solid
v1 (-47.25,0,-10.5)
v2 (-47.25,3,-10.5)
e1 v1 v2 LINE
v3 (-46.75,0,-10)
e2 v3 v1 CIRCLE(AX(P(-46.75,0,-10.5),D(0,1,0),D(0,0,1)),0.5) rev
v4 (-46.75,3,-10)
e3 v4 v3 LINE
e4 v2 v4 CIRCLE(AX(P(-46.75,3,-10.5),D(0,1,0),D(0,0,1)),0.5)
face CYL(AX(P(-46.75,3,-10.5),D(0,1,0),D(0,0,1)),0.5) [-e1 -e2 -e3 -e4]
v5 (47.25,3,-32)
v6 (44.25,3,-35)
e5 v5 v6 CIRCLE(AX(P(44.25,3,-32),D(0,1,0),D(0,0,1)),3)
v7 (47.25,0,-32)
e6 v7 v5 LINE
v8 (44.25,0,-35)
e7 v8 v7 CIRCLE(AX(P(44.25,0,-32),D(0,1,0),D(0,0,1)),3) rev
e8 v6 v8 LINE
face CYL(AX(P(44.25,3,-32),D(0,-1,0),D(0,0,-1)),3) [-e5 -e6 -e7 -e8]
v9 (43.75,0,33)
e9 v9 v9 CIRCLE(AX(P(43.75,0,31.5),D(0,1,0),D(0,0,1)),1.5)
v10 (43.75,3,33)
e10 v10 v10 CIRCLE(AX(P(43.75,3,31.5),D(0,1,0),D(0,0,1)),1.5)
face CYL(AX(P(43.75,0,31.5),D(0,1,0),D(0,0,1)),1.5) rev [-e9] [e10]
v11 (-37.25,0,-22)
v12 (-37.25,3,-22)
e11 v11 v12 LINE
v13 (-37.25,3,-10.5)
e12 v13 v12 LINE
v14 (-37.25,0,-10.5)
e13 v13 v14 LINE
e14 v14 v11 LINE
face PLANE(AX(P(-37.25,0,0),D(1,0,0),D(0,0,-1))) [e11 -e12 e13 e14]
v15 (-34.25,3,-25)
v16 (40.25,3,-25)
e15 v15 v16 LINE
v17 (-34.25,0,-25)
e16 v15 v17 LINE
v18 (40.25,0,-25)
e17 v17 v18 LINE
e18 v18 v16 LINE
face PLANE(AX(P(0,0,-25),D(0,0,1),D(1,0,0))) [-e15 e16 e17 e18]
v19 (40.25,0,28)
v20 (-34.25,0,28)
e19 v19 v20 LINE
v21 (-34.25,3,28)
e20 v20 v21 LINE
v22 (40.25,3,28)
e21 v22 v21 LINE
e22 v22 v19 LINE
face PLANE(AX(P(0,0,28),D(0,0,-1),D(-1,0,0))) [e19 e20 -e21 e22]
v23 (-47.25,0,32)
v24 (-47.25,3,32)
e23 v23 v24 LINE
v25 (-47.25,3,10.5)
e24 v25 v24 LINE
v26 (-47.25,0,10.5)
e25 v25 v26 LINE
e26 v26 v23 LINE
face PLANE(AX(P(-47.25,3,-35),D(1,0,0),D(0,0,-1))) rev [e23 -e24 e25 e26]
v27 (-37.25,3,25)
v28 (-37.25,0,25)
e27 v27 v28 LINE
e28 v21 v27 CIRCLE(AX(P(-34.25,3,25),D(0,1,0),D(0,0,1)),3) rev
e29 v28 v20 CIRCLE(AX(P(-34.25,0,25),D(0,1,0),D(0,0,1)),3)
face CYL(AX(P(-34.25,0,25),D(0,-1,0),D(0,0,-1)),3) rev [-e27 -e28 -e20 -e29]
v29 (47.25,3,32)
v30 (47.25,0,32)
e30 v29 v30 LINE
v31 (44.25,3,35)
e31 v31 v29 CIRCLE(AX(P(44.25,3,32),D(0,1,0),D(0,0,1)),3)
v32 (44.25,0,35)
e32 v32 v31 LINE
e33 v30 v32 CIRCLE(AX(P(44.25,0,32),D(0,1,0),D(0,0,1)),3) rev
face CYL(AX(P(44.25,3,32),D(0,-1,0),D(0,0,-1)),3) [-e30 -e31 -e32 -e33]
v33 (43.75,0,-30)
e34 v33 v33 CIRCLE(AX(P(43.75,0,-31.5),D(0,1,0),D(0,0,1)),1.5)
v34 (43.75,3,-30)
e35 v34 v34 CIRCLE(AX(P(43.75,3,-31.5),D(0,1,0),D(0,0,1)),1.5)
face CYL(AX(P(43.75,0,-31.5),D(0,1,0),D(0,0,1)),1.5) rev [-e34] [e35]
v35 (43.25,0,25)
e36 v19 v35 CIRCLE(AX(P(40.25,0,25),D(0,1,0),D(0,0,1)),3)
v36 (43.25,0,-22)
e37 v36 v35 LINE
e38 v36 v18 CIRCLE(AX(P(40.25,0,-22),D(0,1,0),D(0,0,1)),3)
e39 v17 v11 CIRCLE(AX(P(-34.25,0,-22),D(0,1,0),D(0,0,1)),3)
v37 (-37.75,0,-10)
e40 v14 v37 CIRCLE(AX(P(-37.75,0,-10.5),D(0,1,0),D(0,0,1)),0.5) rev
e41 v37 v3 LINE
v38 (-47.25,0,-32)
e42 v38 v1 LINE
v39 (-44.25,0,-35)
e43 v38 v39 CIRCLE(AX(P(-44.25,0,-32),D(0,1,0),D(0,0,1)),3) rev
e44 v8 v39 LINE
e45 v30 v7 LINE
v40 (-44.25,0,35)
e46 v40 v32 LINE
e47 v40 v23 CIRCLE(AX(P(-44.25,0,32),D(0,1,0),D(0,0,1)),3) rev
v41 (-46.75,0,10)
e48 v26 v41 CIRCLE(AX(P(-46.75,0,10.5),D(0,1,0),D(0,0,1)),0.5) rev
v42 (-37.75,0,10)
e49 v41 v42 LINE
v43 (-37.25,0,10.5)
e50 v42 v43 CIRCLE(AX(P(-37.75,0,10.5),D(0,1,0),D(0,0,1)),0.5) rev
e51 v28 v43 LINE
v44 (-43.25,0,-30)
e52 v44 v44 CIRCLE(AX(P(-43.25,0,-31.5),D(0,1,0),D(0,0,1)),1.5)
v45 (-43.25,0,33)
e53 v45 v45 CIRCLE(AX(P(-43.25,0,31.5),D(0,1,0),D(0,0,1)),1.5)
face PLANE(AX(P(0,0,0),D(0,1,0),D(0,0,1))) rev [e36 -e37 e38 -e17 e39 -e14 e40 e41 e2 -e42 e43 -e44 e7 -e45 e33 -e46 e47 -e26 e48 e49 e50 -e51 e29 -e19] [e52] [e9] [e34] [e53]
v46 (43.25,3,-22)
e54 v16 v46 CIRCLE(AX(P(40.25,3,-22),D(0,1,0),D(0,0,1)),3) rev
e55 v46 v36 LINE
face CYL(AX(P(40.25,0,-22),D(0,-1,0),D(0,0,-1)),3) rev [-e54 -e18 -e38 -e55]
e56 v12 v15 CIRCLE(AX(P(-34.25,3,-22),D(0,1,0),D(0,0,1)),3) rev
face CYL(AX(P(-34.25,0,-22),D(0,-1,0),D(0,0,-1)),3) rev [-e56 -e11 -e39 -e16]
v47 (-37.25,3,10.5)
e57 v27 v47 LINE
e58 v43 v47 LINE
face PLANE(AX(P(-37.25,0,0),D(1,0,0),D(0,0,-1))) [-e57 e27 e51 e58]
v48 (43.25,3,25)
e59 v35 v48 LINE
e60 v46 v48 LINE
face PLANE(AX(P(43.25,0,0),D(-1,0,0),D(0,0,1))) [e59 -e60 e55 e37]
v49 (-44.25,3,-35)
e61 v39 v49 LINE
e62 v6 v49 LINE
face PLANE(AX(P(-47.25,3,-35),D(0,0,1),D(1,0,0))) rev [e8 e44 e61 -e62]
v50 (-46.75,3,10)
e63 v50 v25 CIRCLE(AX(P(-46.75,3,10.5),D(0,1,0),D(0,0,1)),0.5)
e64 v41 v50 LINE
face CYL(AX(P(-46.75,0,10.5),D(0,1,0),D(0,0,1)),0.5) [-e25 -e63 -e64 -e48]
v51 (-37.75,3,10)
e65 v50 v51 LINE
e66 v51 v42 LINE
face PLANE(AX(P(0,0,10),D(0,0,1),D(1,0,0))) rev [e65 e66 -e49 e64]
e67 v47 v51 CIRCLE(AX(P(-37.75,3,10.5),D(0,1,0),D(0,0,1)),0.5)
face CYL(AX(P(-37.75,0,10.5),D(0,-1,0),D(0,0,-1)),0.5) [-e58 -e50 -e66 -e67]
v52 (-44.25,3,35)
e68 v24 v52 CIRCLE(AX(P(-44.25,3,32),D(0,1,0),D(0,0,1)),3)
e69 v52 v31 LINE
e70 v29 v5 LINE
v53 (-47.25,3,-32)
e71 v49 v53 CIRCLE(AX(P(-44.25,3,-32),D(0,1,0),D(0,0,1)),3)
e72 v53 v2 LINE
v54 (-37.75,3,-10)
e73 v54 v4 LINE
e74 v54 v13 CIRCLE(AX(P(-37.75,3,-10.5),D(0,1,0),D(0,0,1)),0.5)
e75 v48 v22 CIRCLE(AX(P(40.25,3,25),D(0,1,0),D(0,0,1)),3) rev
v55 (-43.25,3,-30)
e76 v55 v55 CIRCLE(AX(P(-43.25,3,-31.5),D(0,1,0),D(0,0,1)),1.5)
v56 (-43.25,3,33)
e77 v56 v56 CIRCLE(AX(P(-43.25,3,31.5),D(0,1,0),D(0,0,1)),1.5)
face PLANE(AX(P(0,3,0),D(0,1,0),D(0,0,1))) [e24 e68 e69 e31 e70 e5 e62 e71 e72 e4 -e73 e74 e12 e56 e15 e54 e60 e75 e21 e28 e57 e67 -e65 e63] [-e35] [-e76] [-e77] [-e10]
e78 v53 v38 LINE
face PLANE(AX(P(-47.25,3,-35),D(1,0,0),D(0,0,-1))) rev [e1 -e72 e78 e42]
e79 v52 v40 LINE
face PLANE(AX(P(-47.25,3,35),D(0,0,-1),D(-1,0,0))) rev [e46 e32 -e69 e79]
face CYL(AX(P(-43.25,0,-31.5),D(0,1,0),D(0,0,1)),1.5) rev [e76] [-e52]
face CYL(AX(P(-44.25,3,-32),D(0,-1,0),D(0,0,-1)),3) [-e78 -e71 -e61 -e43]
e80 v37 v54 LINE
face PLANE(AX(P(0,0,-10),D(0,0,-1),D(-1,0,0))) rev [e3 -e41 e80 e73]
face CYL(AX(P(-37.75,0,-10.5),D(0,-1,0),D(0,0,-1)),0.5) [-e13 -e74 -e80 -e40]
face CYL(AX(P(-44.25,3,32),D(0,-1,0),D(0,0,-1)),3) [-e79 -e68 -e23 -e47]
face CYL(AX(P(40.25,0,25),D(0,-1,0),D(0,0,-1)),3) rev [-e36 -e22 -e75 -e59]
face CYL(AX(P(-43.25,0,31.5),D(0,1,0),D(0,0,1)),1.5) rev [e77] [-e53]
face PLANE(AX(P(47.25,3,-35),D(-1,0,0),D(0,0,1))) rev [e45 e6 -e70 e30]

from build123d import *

# Parameters (mm, degrees)
SKETCH1_W           = 94.5
SKETCH1_H           = 70
BOSS_EXTRUDE1_DEPTH = 3
SKETCH3_R           = 1.5
CUT_EXTRUDE2_DEPTH  = 59.877521177
FILLET2_R           = 3
SKETCH5_W           = 10
SKETCH5_H           = 20
CUT_EXTRUDE3_DEPTH  = 59.877521177
FILLET3_R           = 3
FILLET4_R           = 0.5


with BuildPart() as part:
    # Sketch1 → Boss-Extrude1 (new body)
    with BuildSketch(Plane(origin=(0, 0, 0), x_dir=(1, 0, 0), z_dir=(0, 1, 0))):
        Rectangle(SKETCH1_W, SKETCH1_H)
    extrude(amount=BOSS_EXTRUDE1_DEPTH)

    # Sketch3 → Cut-Extrude2 (cut, through all)
    with BuildSketch(Plane(origin=(0, 3, 0), x_dir=(1, 0, 0), z_dir=(0, 1, 0))):
        with Locations(Location((43.75, 31.5, 0), (0, 0, 270))):
            Circle(SKETCH3_R)
        with Locations(Location((-43.25, 31.5, 0), (0, 0, 270))):
            Circle(SKETCH3_R)
        with Locations(Location((-43.25, -31.5, 0), (0, 0, 270))):
            Circle(SKETCH3_R)
        with Locations(Location((43.75, -31.5, 0), (0, 0, 270))):
            Circle(SKETCH3_R)
    extrude(amount=-CUT_EXTRUDE2_DEPTH, mode=Mode.SUBTRACT)

    # Fillet2
    fillet2_edges = [part.edges().sort_by_distance(p)[0] for p in [
        (47.25, 1.5, 35),
        (-47.25, 1.5, 35),
        (-47.25, 1.5, -35),
        (47.25, 1.5, -35),
    ]]
    fillet(fillet2_edges, radius=FILLET2_R)

    # Sketch5 → Cut-Extrude3 (cut, through all)
    with BuildSketch(Plane(origin=(0, 3, 0), x_dir=(1, 0, 0), z_dir=(0, 1, 0))):
        Polygon((-30, -28), (-37.25, -28), (-37.25, 25), (43.25, 25), (43.25, -28), align=None)
        with Locations((-42.25, 0)):
            Rectangle(SKETCH5_W, SKETCH5_H)
    extrude(amount=-CUT_EXTRUDE3_DEPTH, mode=Mode.SUBTRACT)

    # Fillet3
    fillet3_edges = [part.edges().sort_by_distance(p)[0] for p in [
        (43.25, 1.5, 28),
        (-37.25, 1.5, 28),
        (-37.25, 1.5, -25),
        (43.25, 1.5, -25),
    ]]
    fillet(fillet3_edges, radius=FILLET3_R)

    # Fillet4
    fillet4_edges = [part.edges().sort_by_distance(p)[0] for p in [
        (-37.25, 1.5, 10),
        (-47.25, 1.5, 10),
        (-47.25, 1.5, -10),
        (-37.25, 1.5, -10),
    ]]
    fillet(fillet4_edges, radius=FILLET4_R)


solid = part.part
